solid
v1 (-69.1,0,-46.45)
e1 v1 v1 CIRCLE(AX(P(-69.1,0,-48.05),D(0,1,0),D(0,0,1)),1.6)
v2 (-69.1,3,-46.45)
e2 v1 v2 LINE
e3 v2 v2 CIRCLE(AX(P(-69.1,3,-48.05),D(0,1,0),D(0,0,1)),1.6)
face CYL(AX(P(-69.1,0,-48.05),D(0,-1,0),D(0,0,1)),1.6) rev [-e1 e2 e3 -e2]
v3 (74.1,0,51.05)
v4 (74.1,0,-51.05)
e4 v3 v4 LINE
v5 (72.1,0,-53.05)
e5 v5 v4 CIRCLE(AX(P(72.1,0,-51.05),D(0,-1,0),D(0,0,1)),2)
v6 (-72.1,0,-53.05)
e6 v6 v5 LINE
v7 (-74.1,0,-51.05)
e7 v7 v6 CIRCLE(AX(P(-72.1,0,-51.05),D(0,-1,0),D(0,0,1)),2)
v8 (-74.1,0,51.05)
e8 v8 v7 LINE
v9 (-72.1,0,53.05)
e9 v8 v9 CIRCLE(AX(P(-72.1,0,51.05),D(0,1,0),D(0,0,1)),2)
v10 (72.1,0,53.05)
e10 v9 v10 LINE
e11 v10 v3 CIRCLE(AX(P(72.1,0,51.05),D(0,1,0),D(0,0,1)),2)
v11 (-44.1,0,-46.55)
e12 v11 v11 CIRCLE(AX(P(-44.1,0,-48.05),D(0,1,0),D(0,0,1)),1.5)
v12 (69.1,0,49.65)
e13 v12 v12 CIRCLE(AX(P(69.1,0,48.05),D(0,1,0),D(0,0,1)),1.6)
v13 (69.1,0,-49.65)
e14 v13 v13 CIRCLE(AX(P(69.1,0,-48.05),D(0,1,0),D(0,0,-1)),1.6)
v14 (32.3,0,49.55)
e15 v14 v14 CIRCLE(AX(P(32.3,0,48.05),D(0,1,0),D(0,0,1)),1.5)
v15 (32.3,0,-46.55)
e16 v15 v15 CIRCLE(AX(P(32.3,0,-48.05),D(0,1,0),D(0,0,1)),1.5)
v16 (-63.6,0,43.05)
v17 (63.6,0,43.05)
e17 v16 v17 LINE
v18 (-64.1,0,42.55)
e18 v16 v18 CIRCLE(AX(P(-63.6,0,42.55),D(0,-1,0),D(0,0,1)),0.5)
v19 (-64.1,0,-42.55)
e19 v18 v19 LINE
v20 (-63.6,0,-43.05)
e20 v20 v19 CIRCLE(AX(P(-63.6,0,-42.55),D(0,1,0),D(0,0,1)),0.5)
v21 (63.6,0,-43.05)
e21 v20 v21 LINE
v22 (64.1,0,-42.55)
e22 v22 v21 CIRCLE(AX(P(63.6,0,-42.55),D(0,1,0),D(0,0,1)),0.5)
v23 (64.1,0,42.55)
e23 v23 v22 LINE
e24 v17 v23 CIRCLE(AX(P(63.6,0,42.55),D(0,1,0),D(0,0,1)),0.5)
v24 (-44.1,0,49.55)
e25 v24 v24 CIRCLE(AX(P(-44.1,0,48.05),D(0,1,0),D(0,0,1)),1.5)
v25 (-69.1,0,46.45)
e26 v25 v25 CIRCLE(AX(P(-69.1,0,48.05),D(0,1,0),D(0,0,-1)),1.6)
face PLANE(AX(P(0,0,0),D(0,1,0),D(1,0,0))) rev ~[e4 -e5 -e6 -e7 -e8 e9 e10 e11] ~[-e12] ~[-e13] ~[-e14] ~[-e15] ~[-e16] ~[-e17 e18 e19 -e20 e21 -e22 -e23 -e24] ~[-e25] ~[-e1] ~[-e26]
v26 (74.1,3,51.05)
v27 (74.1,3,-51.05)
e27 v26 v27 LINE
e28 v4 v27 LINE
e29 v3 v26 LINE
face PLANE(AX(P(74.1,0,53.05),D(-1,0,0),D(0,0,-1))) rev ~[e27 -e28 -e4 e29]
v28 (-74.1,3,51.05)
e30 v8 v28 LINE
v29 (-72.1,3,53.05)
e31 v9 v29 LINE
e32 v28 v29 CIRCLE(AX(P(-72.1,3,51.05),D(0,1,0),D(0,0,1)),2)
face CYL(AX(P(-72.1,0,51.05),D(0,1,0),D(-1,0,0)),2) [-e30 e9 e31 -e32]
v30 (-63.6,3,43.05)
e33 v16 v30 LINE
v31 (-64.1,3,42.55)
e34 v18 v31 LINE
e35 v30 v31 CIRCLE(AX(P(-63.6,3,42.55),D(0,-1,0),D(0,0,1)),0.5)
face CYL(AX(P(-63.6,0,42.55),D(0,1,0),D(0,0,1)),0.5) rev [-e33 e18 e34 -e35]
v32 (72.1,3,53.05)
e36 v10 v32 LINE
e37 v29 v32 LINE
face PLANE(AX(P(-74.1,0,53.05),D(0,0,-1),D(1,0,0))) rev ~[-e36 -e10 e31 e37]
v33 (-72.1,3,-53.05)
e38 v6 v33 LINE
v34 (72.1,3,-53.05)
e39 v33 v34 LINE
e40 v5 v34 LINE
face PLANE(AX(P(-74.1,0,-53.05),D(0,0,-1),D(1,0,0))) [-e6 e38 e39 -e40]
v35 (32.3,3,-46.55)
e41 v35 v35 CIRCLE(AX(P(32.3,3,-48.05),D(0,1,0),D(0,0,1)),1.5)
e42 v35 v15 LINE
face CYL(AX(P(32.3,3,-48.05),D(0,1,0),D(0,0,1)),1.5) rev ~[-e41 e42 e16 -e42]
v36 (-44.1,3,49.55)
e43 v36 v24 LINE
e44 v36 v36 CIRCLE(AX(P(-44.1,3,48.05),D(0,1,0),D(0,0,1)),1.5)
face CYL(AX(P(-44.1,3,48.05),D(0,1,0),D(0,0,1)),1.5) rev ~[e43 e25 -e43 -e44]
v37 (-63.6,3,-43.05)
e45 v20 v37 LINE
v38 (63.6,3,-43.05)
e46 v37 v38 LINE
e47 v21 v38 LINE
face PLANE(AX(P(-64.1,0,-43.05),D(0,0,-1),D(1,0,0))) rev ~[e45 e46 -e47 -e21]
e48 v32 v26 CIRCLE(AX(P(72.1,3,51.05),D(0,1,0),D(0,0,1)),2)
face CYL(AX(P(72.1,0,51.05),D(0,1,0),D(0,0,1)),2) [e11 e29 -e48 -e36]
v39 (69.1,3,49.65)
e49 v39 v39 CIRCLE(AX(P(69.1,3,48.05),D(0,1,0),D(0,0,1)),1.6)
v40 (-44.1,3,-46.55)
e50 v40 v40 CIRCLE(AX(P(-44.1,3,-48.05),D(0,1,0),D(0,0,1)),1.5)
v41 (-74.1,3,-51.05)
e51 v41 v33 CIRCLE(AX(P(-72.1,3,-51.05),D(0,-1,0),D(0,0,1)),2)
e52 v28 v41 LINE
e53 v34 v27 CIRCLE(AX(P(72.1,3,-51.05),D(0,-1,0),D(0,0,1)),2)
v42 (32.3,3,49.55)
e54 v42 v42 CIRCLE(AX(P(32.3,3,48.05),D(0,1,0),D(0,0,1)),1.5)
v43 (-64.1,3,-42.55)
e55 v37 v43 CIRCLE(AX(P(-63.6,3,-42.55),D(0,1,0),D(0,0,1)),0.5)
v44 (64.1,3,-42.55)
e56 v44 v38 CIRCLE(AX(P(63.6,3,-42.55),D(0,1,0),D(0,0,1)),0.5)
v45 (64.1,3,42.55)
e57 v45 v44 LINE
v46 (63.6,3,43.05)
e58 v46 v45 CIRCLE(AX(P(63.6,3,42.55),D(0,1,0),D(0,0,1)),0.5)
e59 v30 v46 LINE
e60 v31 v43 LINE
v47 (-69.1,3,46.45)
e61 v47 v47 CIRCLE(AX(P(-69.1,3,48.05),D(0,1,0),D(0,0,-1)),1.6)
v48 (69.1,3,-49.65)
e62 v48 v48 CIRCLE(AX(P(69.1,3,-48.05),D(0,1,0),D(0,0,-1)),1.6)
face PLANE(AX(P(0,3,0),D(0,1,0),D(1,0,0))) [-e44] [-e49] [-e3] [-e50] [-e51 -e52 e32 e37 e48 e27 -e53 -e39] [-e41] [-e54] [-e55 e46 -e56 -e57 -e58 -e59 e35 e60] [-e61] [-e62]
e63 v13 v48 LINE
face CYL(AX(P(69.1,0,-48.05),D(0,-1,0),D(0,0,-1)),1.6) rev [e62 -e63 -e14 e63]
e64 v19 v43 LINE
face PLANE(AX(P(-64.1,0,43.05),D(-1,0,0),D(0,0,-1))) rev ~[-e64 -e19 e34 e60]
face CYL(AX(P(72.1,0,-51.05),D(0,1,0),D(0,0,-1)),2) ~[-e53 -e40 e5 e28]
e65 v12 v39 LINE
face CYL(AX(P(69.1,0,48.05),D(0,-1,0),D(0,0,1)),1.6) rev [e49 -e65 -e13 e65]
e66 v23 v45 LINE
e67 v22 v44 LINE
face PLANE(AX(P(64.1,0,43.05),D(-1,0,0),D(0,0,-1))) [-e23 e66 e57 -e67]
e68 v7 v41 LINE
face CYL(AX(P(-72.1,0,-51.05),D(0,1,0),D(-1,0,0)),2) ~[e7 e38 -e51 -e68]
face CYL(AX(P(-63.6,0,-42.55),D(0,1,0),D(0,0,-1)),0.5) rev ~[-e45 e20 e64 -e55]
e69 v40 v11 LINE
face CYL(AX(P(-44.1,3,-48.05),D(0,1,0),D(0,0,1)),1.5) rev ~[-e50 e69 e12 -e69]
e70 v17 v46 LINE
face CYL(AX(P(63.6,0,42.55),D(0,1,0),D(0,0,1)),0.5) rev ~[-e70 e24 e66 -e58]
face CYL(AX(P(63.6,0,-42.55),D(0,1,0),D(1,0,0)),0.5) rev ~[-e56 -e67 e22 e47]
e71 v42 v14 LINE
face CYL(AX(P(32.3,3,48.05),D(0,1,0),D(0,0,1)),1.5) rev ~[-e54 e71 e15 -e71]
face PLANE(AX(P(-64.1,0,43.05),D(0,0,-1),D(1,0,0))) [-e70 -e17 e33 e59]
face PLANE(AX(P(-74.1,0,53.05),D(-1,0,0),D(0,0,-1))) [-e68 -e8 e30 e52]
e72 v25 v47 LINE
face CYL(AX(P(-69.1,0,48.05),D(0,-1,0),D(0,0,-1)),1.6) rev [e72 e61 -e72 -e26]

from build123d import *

# Parameters (mm, degrees)
SKETCH1_W           = 148.2
SKETCH1_H           = 106.1
SKETCH1_R           = 1.6
SKETCH1_W_2         = 128.2
SKETCH1_H_2         = 86.1
BOSS_EXTRUDE1_DEPTH = 3
FILLET1_R           = 2
FILLET2_R           = 0.5
CUT_EXTRUDE3_REACH  = 93.182
SKETCH4_R           = 1.5


with BuildPart() as part:
    # Sketch1 → Boss-Extrude1 (new body)
    with BuildSketch(Plane(origin=(0, 0, 0), x_dir=(1, 0, 0), z_dir=(0, 1, 0))):
        Rectangle(SKETCH1_W, SKETCH1_H)
        with Locations(Location((-69.1, 48.05, 0), (0, 0, 270))):
            Circle(SKETCH1_R, mode=Mode.SUBTRACT)
        with Locations(Location((-69.1, -48.05, 0), (0, 0, 90))):
            Circle(SKETCH1_R, mode=Mode.SUBTRACT)
        with Locations(Location((69.1, 48.05, 0), (0, 0, 90))):
            Circle(SKETCH1_R, mode=Mode.SUBTRACT)
        with Locations(Location((69.1, -48.05, 0), (0, 0, 270))):
            Circle(SKETCH1_R, mode=Mode.SUBTRACT)
        Rectangle(SKETCH1_W_2, SKETCH1_H_2, mode=Mode.SUBTRACT)
    extrude(amount=BOSS_EXTRUDE1_DEPTH)

    # Fillet1
    fillet1_edges = [part.edges().sort_by_distance(p)[0] for p in [
        (-74.1, 1.5, -53.05),
        (74.1, 1.5, -53.05),
        (74.1, 1.5, 53.05),
        (-74.1, 1.5, 53.05),
    ]]
    fillet(fillet1_edges, radius=FILLET1_R)

    # Fillet2
    fillet2_edges = [part.edges().sort_by_distance(p)[0] for p in [
        (64.1, 1.5, 43.05),
        (64.1, 1.5, -43.05),
        (-64.1, 1.5, -43.05),
        (-64.1, 1.5, 43.05),
    ]]
    fillet(fillet2_edges, radius=FILLET2_R)

    # Sketch4 → Cut-Extrude3 (cut, up to next)
    with BuildSketch(Plane(origin=(0, 3, 0), x_dir=(-1, 0, 0), z_dir=(0, 1, 0)), mode=Mode.PRIVATE) as cut_extrude3_sk1:
        with Locations(Location((-32.3, -48.05, 0), (0, 0, 90))):
            Circle(SKETCH4_R)
    cut_extrude3_tool1 = extrude(cut_extrude3_sk1.sketch, amount=-CUT_EXTRUDE3_REACH, mode=Mode.PRIVATE) & part.part
    # Sketch4 → Cut-Extrude3 (cut, up to next)
    with BuildSketch(Plane(origin=(0, 3, 0), x_dir=(-1, 0, 0), z_dir=(0, 1, 0)), mode=Mode.PRIVATE) as cut_extrude3_sk2:
        with Locations(Location((44.1, -48.05, 0), (0, 0, 90))):
            Circle(SKETCH4_R)
    cut_extrude3_tool2 = extrude(cut_extrude3_sk2.sketch, amount=-CUT_EXTRUDE3_REACH, mode=Mode.PRIVATE) & part.part
    # Sketch4 → Cut-Extrude3 (cut, up to next)
    with BuildSketch(Plane(origin=(0, 3, 0), x_dir=(-1, 0, 0), z_dir=(0, 1, 0)), mode=Mode.PRIVATE) as cut_extrude3_sk3:
        with Locations(Location((44.1, 48.05, 0), (0, 0, 90))):
            Circle(SKETCH4_R)
    cut_extrude3_tool3 = extrude(cut_extrude3_sk3.sketch, amount=-CUT_EXTRUDE3_REACH, mode=Mode.PRIVATE) & part.part
    # Sketch4 → Cut-Extrude3 (cut, up to next)
    with BuildSketch(Plane(origin=(0, 3, 0), x_dir=(-1, 0, 0), z_dir=(0, 1, 0)), mode=Mode.PRIVATE) as cut_extrude3_sk4:
        with Locations(Location((-32.3, 48.05, 0), (0, 0, 90))):
            Circle(SKETCH4_R)
    cut_extrude3_tool4 = extrude(cut_extrude3_sk4.sketch, amount=-CUT_EXTRUDE3_REACH, mode=Mode.PRIVATE) & part.part
    add(cut_extrude3_tool1.solids().sort_by_distance((32.3, 3, -48.05))[0], mode=Mode.SUBTRACT)
    add(cut_extrude3_tool2.solids().sort_by_distance((-44.1, 3, -48.05))[0], mode=Mode.SUBTRACT)
    add(cut_extrude3_tool3.solids().sort_by_distance((-44.1, 3, 48.05))[0], mode=Mode.SUBTRACT)
    add(cut_extrude3_tool4.solids().sort_by_distance((32.3, 3, 48.05))[0], mode=Mode.SUBTRACT)


solid = part.part
